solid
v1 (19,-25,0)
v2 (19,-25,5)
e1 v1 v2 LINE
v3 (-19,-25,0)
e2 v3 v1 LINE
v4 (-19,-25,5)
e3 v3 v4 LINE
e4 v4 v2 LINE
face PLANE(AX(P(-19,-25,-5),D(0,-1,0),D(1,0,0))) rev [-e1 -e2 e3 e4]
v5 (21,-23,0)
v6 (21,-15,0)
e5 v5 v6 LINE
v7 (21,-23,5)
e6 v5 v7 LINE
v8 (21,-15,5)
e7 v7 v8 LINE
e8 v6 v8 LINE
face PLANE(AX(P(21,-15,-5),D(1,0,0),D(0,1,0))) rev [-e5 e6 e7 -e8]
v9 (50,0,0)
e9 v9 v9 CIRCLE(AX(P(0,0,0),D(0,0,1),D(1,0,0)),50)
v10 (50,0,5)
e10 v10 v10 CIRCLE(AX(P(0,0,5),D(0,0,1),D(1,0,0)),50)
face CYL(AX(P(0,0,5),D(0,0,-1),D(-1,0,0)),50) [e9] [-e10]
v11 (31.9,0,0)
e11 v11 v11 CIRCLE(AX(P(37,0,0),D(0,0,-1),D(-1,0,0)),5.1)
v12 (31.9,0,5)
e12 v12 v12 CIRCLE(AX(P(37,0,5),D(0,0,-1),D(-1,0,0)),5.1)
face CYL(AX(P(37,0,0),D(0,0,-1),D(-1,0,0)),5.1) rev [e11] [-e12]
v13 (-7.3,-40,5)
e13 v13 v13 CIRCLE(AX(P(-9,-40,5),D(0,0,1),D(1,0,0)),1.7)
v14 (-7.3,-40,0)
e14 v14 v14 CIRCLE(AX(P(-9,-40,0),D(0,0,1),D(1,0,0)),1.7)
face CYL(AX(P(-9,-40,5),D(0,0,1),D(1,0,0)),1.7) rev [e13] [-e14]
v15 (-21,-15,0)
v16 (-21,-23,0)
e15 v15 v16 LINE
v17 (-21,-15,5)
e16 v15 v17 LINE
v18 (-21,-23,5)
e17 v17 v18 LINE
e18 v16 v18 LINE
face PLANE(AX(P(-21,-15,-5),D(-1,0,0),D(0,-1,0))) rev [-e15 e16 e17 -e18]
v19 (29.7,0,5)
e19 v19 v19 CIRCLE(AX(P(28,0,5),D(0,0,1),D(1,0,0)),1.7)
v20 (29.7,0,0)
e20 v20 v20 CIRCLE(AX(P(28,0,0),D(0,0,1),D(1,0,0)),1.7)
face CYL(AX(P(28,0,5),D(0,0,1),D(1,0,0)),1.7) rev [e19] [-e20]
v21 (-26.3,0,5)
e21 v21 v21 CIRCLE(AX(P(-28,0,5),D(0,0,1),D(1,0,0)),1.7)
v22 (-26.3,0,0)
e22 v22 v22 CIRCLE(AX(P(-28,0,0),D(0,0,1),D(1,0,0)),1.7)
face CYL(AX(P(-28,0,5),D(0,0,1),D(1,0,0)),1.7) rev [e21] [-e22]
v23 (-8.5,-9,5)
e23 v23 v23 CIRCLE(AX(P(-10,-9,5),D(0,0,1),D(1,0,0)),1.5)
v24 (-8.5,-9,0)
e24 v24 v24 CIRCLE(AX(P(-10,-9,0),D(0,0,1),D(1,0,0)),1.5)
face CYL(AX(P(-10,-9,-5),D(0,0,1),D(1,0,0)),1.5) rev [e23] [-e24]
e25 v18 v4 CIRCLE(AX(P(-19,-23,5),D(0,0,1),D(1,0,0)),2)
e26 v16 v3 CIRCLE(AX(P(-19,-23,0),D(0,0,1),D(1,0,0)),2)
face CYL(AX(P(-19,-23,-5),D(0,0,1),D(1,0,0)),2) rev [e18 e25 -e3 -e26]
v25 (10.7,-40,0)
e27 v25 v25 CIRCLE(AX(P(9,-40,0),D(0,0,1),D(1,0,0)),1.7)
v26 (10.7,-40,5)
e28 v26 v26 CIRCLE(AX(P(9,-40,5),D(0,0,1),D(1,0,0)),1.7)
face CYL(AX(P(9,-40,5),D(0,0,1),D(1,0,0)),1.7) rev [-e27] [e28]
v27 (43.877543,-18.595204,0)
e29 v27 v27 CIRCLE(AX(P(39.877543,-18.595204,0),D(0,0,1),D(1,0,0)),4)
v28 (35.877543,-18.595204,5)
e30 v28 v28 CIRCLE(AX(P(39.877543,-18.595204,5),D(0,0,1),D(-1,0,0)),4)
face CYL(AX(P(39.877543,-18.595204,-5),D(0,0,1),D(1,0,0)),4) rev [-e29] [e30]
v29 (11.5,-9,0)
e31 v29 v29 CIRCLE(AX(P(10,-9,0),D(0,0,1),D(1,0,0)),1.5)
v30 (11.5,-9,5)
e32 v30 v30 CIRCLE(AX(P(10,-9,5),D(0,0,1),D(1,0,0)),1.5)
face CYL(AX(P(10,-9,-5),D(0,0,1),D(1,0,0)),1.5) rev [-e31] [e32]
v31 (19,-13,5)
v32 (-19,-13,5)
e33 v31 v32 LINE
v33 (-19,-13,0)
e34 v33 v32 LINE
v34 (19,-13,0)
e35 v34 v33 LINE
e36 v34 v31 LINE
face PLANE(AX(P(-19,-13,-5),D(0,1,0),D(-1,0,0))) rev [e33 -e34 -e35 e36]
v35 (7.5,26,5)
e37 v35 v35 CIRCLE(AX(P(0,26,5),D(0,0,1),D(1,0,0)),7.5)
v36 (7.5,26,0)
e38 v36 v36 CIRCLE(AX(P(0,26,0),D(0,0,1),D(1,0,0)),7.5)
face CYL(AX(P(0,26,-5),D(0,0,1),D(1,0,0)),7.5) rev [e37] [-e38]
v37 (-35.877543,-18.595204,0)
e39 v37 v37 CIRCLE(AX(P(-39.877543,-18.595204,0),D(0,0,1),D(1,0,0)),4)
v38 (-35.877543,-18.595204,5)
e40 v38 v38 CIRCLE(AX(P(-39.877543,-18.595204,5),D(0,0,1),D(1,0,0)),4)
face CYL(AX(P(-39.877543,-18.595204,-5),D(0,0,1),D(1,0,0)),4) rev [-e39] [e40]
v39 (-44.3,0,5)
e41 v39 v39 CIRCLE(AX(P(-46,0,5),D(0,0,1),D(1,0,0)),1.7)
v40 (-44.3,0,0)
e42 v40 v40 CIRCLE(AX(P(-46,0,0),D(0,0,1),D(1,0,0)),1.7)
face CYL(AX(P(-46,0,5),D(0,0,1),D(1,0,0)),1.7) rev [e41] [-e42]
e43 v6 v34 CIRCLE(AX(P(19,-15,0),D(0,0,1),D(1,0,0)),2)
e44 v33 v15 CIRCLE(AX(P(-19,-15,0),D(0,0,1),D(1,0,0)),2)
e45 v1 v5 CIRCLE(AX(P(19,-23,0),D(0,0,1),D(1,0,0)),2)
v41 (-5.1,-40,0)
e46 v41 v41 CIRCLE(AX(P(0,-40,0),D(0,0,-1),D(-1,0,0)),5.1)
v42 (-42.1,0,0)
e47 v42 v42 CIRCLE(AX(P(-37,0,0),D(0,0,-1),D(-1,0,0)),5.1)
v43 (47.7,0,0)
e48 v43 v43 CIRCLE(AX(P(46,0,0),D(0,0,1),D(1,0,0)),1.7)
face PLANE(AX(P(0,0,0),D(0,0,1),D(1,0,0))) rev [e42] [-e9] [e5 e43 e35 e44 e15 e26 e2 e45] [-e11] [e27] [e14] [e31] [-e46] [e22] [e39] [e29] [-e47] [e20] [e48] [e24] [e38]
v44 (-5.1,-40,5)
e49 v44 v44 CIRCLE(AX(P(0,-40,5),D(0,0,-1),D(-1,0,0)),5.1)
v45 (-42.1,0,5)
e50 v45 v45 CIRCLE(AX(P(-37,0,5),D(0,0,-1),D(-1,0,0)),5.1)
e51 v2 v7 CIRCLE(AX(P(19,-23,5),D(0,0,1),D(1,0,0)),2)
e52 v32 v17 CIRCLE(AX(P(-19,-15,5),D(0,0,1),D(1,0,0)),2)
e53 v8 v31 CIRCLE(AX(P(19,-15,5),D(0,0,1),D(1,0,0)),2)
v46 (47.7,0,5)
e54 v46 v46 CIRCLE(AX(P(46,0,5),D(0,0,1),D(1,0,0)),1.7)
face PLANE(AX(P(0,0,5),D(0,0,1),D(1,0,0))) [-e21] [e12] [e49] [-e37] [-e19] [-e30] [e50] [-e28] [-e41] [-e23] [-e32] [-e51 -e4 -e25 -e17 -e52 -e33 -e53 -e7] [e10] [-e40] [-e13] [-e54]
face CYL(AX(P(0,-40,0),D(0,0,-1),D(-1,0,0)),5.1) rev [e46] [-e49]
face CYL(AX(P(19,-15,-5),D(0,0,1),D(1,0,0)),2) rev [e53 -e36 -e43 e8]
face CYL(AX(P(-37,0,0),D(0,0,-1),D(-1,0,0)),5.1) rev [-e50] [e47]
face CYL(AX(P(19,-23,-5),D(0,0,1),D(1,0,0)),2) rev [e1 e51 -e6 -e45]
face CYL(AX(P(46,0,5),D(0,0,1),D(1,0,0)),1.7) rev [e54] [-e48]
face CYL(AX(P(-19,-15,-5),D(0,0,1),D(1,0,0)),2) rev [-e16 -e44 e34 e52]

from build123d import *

# Parameters (mm, degrees)
SKETCH1_R                    = 50
BOSS_EXTRUDE1_DEPTH          = 5
F_10_2_10_2_DIAMETER_HOLE1_D = 10.2
M3_CLEARANCE_HOLE1_D         = 3.4
SKETCH9_R                    = 7.5
CUT_EXTRUDE1_DEPTH           = 10
SKETCH10_R                   = 1.5
CUT_EXTRUDE2_DEPTH           = 10
SKETCH11_R                   = 4
CUT_EXTRUDE3_DEPTH           = 10


with BuildPart() as part:
    # Sketch1 → Boss-Extrude1 (new body)
    with BuildSketch(Plane.XY):
        Circle(SKETCH1_R)
    extrude(amount=BOSS_EXTRUDE1_DEPTH)

    # Ø10.2 (10.2) Diameter Hole1 (through all)
    with Locations(Plane(origin=(0, 0, 0), x_dir=(-1, 0, 0), z_dir=(0, 0, -1))):
        with Locations((37, 0), (-37, 0), (0, -40)):
            Hole(F_10_2_10_2_DIAMETER_HOLE1_D / 2)

    # M3 Clearance Hole1 (through all)
    with Locations(Plane.XY.offset(5)):
        with Locations((46, 0), (28, 0), (9, -40), (-9, -40), (-46, 0), (-28, 0)):
            Hole(M3_CLEARANCE_HOLE1_D / 2)

    # Sketch9 → Cut-Extrude1 (cut)
    with BuildSketch(Plane.XY.offset(5)):
        with Locations((0, 26)):
            Circle(SKETCH9_R)
    extrude(amount=-CUT_EXTRUDE1_DEPTH, mode=Mode.SUBTRACT)

    # Sketch10 → Cut-Extrude2 (cut)
    with BuildSketch(Plane.XY.offset(5)):
        with Locations((10, -9)):
            Circle(SKETCH10_R)
        with Locations((-10, -9)):
            Circle(SKETCH10_R)
        with BuildLine():
            Line((-19, -13), (19, -13))
            ThreePointArc((19, -13), (20.414213562, -13.585786438), (21, -15))
            Line((21, -15), (21, -23))
            ThreePointArc((21, -23), (20.414213562, -24.414213562), (19, -25))
            Line((19, -25), (-19, -25))
            ThreePointArc((-19, -25), (-20.414213562, -24.414213562), (-21, -23))
            Line((-21, -23), (-21, -15))
            ThreePointArc((-21, -15), (-20.414213562, -13.585786438), (-19, -13))
        make_face()
    extrude(amount=-CUT_EXTRUDE2_DEPTH, mode=Mode.SUBTRACT)

    # Sketch11 → Cut-Extrude3 (cut)
    with BuildSketch(Plane.XY.offset(5)):
        with Locations((-39.87754263, -18.595203517)):
            Circle(SKETCH11_R)
        with Locations((39.87754263, -18.595203517)):
            Circle(SKETCH11_R)
    extrude(amount=-CUT_EXTRUDE3_DEPTH, mode=Mode.SUBTRACT)


solid = part.part
